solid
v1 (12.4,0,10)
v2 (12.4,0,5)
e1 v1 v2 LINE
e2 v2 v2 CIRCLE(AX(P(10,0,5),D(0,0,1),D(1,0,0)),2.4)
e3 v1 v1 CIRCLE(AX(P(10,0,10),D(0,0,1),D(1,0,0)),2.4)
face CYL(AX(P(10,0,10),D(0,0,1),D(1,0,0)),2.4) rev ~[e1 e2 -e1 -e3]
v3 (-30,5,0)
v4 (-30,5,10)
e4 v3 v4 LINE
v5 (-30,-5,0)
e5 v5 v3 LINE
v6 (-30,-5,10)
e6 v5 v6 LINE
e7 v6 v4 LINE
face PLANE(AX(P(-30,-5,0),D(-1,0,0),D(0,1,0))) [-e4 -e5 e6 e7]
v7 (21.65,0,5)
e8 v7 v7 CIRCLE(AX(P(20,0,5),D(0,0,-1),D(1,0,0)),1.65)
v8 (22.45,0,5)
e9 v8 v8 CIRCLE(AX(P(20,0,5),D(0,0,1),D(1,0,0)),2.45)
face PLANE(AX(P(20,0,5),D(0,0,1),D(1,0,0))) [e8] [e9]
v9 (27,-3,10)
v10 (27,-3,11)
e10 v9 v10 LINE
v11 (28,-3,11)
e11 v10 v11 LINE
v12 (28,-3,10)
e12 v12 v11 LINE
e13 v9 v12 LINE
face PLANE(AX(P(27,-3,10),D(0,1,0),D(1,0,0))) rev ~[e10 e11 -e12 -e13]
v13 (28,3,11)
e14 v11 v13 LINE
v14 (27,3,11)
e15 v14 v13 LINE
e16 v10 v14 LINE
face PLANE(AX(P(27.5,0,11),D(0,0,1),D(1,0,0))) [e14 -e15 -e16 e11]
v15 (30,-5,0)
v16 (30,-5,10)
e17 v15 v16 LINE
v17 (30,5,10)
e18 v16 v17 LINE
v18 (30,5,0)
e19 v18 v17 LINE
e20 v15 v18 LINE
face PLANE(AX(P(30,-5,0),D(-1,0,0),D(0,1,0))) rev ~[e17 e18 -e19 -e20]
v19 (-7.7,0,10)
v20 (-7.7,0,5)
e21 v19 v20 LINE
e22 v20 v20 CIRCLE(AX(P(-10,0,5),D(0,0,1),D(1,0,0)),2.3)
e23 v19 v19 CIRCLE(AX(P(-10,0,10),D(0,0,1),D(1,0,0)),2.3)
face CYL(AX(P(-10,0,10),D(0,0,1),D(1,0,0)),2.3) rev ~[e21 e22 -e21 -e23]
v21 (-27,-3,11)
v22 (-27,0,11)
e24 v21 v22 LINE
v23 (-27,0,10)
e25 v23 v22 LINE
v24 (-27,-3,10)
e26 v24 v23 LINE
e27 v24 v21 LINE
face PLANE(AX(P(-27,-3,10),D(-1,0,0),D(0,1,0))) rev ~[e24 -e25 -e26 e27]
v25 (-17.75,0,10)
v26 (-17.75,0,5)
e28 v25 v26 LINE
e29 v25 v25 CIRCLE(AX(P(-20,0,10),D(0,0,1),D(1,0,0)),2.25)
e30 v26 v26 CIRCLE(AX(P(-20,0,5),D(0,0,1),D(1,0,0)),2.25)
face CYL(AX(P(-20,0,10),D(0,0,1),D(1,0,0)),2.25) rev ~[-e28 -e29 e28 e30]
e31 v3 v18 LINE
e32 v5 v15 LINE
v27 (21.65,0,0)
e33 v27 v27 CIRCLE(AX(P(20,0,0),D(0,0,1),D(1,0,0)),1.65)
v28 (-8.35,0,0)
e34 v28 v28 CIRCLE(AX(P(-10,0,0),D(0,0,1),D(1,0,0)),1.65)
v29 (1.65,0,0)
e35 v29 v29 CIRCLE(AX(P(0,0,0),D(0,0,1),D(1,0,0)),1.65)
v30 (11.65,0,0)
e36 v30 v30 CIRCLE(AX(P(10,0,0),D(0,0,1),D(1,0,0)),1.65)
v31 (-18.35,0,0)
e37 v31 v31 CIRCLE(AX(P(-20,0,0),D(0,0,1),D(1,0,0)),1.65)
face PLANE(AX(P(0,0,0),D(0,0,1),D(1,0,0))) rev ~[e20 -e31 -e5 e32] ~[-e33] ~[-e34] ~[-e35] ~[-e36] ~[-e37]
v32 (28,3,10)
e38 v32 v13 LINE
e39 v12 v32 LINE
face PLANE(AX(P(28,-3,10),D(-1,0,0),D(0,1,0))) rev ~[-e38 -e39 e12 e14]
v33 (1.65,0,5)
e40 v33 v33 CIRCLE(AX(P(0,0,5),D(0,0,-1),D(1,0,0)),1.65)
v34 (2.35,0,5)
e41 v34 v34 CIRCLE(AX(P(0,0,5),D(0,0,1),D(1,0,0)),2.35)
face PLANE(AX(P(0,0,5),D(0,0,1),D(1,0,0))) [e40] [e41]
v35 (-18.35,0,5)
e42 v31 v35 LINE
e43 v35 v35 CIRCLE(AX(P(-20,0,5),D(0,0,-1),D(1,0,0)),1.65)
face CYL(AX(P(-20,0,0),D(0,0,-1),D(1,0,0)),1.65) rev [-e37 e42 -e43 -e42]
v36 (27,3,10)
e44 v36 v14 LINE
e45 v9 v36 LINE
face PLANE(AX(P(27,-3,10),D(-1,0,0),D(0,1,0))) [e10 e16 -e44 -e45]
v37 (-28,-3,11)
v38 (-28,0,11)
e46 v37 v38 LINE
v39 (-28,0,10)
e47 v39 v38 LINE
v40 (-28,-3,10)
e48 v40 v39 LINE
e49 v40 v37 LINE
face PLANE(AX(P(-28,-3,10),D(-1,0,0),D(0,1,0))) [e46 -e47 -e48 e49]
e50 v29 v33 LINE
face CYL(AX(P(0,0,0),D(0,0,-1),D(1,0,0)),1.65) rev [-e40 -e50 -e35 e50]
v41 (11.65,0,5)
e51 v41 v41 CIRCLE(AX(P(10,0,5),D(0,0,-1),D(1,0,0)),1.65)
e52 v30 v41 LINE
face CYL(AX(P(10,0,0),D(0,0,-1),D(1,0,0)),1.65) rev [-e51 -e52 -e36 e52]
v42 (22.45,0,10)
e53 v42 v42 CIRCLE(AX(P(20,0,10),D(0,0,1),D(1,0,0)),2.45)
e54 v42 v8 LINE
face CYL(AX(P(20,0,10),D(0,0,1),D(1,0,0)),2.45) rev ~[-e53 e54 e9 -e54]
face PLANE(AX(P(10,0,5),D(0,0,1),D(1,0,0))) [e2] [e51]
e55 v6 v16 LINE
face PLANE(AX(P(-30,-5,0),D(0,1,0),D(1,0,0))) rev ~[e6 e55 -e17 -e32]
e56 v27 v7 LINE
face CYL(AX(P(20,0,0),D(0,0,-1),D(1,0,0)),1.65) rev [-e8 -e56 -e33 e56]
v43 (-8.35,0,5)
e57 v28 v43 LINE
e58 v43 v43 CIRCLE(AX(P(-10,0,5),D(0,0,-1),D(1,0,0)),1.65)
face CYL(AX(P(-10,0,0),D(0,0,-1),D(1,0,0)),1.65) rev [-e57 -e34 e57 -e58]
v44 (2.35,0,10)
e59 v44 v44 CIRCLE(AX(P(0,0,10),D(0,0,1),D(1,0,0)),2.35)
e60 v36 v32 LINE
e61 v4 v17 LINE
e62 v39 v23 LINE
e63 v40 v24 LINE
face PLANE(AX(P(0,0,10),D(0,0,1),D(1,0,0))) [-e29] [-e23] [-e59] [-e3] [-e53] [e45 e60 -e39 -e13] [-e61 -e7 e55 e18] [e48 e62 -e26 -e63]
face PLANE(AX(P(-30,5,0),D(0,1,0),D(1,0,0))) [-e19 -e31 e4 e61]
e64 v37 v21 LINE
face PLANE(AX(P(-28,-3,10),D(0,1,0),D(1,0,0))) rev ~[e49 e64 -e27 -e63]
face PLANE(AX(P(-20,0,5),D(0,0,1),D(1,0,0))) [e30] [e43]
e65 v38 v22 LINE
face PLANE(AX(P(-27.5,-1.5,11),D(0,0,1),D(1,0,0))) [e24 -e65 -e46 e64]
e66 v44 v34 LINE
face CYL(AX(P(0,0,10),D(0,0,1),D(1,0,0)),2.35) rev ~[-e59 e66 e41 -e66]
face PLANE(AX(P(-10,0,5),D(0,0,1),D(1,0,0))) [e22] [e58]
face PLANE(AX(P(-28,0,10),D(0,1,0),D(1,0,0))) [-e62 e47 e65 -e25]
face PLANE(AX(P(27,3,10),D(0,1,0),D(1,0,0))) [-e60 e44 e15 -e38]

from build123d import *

# Parameters (mm, degrees)
SKETCH_W      = 60
SKETCH_H      = 10
SKETCH_R      = 1.65
PAD_DEPTH     = 10
SKETCH001_W   = 1
SKETCH001_H   = 3
SKETCH001_H_2 = 6
PAD001_DEPTH  = 1
SKETCH002_R   = 2.25
SKETCH002_R_2 = 2.3
SKETCH002_R_3 = 2.35
SKETCH002_R_4 = 2.4
SKETCH002_R_5 = 2.45
POCKET_DEPTH  = 5


with BuildPart() as part:
    # Sketch → Pad (new body)
    with BuildSketch(Plane.XY):
        Rectangle(SKETCH_W, SKETCH_H)
        with Locations((-20, 0)):
            Circle(SKETCH_R, mode=Mode.SUBTRACT)
        with Locations((-10, 0)):
            Circle(SKETCH_R, mode=Mode.SUBTRACT)
        Circle(SKETCH_R, mode=Mode.SUBTRACT)
        with Locations((10, 0)):
            Circle(SKETCH_R, mode=Mode.SUBTRACT)
        with Locations((20, 0)):
            Circle(SKETCH_R, mode=Mode.SUBTRACT)
    extrude(amount=PAD_DEPTH)

    # Sketch001 → Pad001 (join)
    with BuildSketch(Plane.XY.offset(10)):
        with Locations((-27.5, -1.5)):
            Rectangle(SKETCH001_W, SKETCH001_H)
        with Locations((27.5, 0)):
            Rectangle(SKETCH001_W, SKETCH001_H_2)
    extrude(amount=PAD001_DEPTH)

    # Sketch002 (on Face11 of Pad) → Pocket (cut)
    with BuildSketch(Plane.XY.offset(10)):
        with Locations((-20, 0)):
            Circle(SKETCH002_R)
        with Locations((-10, 0)):
            Circle(SKETCH002_R_2)
        Circle(SKETCH002_R_3)
        with Locations((10, 0)):
            Circle(SKETCH002_R_4)
        with Locations((20, 0)):
            Circle(SKETCH002_R_5)
    extrude(amount=-POCKET_DEPTH, mode=Mode.SUBTRACT)


solid = part.part
